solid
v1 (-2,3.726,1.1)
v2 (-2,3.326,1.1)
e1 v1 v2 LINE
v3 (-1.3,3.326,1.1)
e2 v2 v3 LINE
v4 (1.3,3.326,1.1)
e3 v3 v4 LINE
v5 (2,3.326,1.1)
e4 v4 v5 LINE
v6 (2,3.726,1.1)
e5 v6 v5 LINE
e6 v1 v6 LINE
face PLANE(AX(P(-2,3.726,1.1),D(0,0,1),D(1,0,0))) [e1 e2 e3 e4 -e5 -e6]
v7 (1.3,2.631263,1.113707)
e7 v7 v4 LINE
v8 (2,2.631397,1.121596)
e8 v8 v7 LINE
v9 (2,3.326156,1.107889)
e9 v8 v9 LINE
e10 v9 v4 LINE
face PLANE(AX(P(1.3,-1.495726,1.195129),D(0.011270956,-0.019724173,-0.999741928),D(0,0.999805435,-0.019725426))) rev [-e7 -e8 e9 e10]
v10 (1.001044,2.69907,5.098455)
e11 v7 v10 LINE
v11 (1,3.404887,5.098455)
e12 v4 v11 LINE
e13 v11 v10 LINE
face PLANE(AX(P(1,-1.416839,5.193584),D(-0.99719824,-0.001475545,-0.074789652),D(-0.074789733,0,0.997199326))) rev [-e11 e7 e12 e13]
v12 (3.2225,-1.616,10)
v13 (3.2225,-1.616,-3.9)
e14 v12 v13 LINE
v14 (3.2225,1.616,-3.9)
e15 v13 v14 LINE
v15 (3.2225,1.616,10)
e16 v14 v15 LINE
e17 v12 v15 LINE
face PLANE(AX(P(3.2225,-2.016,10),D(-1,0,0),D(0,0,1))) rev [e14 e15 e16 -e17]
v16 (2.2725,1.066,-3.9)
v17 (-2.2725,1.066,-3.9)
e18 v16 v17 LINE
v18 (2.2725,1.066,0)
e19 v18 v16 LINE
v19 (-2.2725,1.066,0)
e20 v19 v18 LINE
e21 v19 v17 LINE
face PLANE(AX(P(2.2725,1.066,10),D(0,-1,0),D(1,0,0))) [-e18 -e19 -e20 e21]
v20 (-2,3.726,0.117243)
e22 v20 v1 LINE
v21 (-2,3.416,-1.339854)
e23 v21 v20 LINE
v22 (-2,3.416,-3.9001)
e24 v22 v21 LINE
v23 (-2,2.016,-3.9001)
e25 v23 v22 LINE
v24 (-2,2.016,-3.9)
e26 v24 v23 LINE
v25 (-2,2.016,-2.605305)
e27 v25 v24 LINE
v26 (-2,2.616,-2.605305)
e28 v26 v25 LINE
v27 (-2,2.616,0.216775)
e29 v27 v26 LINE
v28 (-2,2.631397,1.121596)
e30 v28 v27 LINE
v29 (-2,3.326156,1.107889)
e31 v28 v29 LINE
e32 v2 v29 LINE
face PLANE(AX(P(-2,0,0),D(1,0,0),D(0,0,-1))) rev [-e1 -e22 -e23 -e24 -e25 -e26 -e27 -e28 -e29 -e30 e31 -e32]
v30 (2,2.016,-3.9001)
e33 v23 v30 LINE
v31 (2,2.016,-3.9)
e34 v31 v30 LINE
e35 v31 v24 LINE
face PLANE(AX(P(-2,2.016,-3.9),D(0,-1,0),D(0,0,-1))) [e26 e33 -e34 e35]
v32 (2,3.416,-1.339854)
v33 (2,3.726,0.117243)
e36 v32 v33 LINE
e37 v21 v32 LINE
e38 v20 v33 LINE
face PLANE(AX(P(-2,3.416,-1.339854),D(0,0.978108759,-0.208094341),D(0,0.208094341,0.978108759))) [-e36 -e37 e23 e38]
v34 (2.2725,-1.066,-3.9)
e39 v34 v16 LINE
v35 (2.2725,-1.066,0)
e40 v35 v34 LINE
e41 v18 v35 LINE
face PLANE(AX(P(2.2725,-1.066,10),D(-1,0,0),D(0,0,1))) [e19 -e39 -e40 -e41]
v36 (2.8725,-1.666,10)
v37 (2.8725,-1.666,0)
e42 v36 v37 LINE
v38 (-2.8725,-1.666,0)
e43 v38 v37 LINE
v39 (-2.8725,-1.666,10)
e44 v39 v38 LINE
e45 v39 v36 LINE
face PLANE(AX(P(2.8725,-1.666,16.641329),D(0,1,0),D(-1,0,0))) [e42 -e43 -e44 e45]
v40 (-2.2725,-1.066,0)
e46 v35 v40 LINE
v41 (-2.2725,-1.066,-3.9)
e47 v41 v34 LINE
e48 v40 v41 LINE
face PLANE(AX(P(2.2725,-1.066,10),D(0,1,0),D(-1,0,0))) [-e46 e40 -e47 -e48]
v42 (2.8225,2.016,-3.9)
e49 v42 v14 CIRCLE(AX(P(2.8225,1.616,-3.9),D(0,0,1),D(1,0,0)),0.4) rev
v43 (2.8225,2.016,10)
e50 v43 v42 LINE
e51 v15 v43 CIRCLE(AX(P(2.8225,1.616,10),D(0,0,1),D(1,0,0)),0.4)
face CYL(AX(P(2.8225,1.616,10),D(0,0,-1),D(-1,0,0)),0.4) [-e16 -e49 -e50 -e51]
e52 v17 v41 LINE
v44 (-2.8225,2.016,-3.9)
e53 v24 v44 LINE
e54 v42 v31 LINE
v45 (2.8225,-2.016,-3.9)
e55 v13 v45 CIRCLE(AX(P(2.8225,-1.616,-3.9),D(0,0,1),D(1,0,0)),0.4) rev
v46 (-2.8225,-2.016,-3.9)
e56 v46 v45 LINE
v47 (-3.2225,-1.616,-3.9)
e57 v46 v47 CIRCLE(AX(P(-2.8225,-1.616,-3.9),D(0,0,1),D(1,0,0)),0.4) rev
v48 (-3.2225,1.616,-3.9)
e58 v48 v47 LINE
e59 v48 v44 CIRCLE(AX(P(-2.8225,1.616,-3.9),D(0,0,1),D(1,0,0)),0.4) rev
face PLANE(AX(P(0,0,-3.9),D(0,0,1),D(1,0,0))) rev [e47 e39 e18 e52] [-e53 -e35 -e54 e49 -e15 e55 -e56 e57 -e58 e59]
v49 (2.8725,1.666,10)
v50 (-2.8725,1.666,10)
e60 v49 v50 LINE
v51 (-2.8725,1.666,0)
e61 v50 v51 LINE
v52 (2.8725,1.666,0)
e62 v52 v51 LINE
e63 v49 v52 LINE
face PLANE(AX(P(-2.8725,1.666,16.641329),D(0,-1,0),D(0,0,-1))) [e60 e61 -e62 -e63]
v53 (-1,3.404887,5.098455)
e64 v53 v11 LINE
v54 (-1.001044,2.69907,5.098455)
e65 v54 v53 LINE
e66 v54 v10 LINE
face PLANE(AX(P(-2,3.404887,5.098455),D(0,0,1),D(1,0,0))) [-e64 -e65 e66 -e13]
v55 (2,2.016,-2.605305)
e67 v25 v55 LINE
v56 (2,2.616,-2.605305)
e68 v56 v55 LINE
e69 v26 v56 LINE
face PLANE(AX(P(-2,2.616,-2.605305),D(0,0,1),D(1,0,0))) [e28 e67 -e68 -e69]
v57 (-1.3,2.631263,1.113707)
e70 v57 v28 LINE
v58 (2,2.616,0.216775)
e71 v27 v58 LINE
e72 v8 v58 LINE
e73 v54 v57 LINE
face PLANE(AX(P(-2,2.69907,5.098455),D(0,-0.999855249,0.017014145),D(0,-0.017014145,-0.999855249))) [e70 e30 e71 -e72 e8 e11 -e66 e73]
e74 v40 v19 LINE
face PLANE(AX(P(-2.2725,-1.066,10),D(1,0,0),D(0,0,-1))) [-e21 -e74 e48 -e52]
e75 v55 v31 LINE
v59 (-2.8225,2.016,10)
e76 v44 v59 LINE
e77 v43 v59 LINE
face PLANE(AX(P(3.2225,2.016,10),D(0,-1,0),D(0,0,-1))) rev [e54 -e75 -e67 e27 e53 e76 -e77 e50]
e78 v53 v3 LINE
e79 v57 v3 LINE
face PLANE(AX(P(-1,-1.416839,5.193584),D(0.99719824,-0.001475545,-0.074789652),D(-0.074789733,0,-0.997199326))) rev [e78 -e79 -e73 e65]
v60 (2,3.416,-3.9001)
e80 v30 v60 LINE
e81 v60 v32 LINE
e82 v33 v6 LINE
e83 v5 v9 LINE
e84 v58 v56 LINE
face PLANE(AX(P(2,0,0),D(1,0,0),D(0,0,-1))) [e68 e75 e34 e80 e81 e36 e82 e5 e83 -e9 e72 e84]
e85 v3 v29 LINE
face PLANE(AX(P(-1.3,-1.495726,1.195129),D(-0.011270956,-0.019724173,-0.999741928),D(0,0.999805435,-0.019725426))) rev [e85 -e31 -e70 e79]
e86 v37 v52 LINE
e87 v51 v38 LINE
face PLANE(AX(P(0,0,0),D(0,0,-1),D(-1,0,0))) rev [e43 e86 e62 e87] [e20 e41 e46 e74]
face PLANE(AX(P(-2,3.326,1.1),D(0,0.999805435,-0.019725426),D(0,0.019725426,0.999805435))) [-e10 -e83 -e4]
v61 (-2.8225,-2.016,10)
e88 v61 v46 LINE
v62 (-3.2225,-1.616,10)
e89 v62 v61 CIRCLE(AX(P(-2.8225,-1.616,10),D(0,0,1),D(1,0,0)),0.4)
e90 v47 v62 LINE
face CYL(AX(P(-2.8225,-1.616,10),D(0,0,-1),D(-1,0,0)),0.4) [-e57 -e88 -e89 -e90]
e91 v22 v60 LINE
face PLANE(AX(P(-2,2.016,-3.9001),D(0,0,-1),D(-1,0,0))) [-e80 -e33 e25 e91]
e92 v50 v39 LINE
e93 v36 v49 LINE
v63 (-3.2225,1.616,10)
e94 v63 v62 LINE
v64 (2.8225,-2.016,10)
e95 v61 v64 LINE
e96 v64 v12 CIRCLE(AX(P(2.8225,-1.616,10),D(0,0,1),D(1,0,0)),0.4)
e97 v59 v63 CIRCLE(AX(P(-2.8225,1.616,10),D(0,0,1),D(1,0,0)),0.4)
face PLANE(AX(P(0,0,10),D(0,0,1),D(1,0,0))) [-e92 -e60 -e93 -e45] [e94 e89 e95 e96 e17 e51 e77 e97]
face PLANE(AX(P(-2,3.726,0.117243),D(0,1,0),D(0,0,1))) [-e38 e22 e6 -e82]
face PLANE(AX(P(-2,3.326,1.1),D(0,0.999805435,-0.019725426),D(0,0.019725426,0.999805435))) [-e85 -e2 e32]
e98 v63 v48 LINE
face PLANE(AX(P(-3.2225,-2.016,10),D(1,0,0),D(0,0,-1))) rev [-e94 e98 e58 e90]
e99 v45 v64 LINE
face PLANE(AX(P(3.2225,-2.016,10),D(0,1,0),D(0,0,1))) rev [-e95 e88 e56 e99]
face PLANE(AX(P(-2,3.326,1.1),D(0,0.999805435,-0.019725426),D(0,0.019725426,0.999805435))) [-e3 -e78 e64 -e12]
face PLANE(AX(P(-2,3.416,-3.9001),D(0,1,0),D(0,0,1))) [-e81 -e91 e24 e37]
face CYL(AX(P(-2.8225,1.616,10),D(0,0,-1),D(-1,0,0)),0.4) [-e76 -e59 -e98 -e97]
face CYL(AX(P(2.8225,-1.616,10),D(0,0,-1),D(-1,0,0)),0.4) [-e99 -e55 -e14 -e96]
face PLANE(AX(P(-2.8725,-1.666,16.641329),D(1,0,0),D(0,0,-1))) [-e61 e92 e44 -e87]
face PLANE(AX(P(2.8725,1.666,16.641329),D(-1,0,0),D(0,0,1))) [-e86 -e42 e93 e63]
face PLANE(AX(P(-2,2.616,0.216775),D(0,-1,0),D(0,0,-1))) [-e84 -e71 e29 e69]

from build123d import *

# Parameters (mm, degrees)
BOSS_EXTRUDE1_DEPTH      = 10
BOSS_EXTRUDE1_DEPTH_BACK = 3.9
SKETCH2_W                = 6.445
SKETCH2_H                = 4.032
SKETCH2_W_2              = 4.545
SKETCH2_H_2              = 2.132
SKETCH3_W                = 5.745
SKETCH3_H                = 3.332
CUT_EXTRUDE1_DEPTH       = 10
FILLET1_R                = 0.4
BOSS_EXTRUDE2_DEPTH      = 2
BOSS_EXTRUDE2_DEPTH_BACK = 2
CUT_EXTRUDE2_REACH       = 13.831


with BuildPart() as part:
    # Sketch2 → Boss-Extrude1 (new, two sides: drawn at the far end of the back side and taken through both)
    with BuildSketch(Plane.XY.offset(-BOSS_EXTRUDE1_DEPTH_BACK)):
        Rectangle(SKETCH2_W, SKETCH2_H)
        Rectangle(SKETCH2_W_2, SKETCH2_H_2, mode=Mode.SUBTRACT)
    extrude(amount=BOSS_EXTRUDE1_DEPTH + BOSS_EXTRUDE1_DEPTH_BACK)

    # Sketch3 → Cut-Extrude1 (cut)
    with BuildSketch(Plane.XY):
        Rectangle(SKETCH3_W, SKETCH3_H)
    extrude(amount=CUT_EXTRUDE1_DEPTH, mode=Mode.SUBTRACT)

    # Fillet1
    fillet1_edges = [part.edges().sort_by_distance(p)[0] for p in [
        (-3.2225, 2.016, 3.05),
        (3.2225, 2.016, 3.05),
        (3.2225, -2.016, 3.05),
        (-3.2225, -2.016, 3.05),
    ]]
    fillet(fillet1_edges, radius=FILLET1_R)

    # Sketch6 → Boss-Extrude2 (add, two sides: drawn at the far end of the back side and taken through both)
    with BuildSketch(Plane(origin=(0, 0, 0), x_dir=(0, 0, -1), z_dir=(1, 0, 0)).offset(-BOSS_EXTRUDE2_DEPTH_BACK)):
        Polygon((3.9, 2.016), (3.9001, 3.416), (1.339853874, 3.416), (-0.11724349, 3.726), (-1.1, 3.726), (-1.1, 3.326), (-5.098455185, 3.40488658), (-5.098455185, 2.699069635), (-0.216775103, 2.616), (2.605304601, 2.616), (2.605304601, 2.016), align=None)
    extrude(amount=BOSS_EXTRUDE2_DEPTH + BOSS_EXTRUDE2_DEPTH_BACK)

    # Cut-Extrude2: up to this plane
    cut_extrude2_end = Plane(origin=(-2, 2.699069635, 5.098455185), z_dir=(0, -0.9998552489648911, 0.017014144626037273))
    # Sketch7 → Cut-Extrude2 (cut, up to the surface)
    with BuildSketch(Plane(origin=(0, 3.303012132, -0.065166), x_dir=(1, 0, 0), z_dir=(0, 0.9998054348584555, -0.019725425914151256)), mode=Mode.PRIVATE) as cut_extrude2_sk1:
        Polygon((-1, -5.164626041), (-1.3, -1.165392745), (-2, -1.173282915), (-2, -5.164626041), align=None)
    cut_extrude2_tool1 = split(extrude(cut_extrude2_sk1.sketch, amount=-CUT_EXTRUDE2_REACH, mode=Mode.PRIVATE), bisect_by=cut_extrude2_end, keep=Keep.BOTH, mode=Mode.PRIVATE)
    add(cut_extrude2_tool1.solids().sort_by_distance((-1.570429, 3.367797, 3.218548))[0], mode=Mode.SUBTRACT)
    # Sketch7 → Cut-Extrude2 (cut, up to the surface)
    with BuildSketch(Plane(origin=(0, 3.303012132, -0.065166), x_dir=(1, 0, 0), z_dir=(0, 0.9998054348584555, -0.019725425914151256)), mode=Mode.PRIVATE) as cut_extrude2_sk2:
        Polygon((1, -5.164626041), (1.3, -1.165392745), (2, -1.173282915), (2, -5.164626041), align=None)
    cut_extrude2_tool2 = split(extrude(cut_extrude2_sk2.sketch, amount=-CUT_EXTRUDE2_REACH, mode=Mode.PRIVATE), bisect_by=cut_extrude2_end, keep=Keep.BOTH, mode=Mode.PRIVATE)
    add(cut_extrude2_tool2.solids().sort_by_distance((1.570429, 3.367797, 3.218548))[0], mode=Mode.SUBTRACT)


solid = part.part
